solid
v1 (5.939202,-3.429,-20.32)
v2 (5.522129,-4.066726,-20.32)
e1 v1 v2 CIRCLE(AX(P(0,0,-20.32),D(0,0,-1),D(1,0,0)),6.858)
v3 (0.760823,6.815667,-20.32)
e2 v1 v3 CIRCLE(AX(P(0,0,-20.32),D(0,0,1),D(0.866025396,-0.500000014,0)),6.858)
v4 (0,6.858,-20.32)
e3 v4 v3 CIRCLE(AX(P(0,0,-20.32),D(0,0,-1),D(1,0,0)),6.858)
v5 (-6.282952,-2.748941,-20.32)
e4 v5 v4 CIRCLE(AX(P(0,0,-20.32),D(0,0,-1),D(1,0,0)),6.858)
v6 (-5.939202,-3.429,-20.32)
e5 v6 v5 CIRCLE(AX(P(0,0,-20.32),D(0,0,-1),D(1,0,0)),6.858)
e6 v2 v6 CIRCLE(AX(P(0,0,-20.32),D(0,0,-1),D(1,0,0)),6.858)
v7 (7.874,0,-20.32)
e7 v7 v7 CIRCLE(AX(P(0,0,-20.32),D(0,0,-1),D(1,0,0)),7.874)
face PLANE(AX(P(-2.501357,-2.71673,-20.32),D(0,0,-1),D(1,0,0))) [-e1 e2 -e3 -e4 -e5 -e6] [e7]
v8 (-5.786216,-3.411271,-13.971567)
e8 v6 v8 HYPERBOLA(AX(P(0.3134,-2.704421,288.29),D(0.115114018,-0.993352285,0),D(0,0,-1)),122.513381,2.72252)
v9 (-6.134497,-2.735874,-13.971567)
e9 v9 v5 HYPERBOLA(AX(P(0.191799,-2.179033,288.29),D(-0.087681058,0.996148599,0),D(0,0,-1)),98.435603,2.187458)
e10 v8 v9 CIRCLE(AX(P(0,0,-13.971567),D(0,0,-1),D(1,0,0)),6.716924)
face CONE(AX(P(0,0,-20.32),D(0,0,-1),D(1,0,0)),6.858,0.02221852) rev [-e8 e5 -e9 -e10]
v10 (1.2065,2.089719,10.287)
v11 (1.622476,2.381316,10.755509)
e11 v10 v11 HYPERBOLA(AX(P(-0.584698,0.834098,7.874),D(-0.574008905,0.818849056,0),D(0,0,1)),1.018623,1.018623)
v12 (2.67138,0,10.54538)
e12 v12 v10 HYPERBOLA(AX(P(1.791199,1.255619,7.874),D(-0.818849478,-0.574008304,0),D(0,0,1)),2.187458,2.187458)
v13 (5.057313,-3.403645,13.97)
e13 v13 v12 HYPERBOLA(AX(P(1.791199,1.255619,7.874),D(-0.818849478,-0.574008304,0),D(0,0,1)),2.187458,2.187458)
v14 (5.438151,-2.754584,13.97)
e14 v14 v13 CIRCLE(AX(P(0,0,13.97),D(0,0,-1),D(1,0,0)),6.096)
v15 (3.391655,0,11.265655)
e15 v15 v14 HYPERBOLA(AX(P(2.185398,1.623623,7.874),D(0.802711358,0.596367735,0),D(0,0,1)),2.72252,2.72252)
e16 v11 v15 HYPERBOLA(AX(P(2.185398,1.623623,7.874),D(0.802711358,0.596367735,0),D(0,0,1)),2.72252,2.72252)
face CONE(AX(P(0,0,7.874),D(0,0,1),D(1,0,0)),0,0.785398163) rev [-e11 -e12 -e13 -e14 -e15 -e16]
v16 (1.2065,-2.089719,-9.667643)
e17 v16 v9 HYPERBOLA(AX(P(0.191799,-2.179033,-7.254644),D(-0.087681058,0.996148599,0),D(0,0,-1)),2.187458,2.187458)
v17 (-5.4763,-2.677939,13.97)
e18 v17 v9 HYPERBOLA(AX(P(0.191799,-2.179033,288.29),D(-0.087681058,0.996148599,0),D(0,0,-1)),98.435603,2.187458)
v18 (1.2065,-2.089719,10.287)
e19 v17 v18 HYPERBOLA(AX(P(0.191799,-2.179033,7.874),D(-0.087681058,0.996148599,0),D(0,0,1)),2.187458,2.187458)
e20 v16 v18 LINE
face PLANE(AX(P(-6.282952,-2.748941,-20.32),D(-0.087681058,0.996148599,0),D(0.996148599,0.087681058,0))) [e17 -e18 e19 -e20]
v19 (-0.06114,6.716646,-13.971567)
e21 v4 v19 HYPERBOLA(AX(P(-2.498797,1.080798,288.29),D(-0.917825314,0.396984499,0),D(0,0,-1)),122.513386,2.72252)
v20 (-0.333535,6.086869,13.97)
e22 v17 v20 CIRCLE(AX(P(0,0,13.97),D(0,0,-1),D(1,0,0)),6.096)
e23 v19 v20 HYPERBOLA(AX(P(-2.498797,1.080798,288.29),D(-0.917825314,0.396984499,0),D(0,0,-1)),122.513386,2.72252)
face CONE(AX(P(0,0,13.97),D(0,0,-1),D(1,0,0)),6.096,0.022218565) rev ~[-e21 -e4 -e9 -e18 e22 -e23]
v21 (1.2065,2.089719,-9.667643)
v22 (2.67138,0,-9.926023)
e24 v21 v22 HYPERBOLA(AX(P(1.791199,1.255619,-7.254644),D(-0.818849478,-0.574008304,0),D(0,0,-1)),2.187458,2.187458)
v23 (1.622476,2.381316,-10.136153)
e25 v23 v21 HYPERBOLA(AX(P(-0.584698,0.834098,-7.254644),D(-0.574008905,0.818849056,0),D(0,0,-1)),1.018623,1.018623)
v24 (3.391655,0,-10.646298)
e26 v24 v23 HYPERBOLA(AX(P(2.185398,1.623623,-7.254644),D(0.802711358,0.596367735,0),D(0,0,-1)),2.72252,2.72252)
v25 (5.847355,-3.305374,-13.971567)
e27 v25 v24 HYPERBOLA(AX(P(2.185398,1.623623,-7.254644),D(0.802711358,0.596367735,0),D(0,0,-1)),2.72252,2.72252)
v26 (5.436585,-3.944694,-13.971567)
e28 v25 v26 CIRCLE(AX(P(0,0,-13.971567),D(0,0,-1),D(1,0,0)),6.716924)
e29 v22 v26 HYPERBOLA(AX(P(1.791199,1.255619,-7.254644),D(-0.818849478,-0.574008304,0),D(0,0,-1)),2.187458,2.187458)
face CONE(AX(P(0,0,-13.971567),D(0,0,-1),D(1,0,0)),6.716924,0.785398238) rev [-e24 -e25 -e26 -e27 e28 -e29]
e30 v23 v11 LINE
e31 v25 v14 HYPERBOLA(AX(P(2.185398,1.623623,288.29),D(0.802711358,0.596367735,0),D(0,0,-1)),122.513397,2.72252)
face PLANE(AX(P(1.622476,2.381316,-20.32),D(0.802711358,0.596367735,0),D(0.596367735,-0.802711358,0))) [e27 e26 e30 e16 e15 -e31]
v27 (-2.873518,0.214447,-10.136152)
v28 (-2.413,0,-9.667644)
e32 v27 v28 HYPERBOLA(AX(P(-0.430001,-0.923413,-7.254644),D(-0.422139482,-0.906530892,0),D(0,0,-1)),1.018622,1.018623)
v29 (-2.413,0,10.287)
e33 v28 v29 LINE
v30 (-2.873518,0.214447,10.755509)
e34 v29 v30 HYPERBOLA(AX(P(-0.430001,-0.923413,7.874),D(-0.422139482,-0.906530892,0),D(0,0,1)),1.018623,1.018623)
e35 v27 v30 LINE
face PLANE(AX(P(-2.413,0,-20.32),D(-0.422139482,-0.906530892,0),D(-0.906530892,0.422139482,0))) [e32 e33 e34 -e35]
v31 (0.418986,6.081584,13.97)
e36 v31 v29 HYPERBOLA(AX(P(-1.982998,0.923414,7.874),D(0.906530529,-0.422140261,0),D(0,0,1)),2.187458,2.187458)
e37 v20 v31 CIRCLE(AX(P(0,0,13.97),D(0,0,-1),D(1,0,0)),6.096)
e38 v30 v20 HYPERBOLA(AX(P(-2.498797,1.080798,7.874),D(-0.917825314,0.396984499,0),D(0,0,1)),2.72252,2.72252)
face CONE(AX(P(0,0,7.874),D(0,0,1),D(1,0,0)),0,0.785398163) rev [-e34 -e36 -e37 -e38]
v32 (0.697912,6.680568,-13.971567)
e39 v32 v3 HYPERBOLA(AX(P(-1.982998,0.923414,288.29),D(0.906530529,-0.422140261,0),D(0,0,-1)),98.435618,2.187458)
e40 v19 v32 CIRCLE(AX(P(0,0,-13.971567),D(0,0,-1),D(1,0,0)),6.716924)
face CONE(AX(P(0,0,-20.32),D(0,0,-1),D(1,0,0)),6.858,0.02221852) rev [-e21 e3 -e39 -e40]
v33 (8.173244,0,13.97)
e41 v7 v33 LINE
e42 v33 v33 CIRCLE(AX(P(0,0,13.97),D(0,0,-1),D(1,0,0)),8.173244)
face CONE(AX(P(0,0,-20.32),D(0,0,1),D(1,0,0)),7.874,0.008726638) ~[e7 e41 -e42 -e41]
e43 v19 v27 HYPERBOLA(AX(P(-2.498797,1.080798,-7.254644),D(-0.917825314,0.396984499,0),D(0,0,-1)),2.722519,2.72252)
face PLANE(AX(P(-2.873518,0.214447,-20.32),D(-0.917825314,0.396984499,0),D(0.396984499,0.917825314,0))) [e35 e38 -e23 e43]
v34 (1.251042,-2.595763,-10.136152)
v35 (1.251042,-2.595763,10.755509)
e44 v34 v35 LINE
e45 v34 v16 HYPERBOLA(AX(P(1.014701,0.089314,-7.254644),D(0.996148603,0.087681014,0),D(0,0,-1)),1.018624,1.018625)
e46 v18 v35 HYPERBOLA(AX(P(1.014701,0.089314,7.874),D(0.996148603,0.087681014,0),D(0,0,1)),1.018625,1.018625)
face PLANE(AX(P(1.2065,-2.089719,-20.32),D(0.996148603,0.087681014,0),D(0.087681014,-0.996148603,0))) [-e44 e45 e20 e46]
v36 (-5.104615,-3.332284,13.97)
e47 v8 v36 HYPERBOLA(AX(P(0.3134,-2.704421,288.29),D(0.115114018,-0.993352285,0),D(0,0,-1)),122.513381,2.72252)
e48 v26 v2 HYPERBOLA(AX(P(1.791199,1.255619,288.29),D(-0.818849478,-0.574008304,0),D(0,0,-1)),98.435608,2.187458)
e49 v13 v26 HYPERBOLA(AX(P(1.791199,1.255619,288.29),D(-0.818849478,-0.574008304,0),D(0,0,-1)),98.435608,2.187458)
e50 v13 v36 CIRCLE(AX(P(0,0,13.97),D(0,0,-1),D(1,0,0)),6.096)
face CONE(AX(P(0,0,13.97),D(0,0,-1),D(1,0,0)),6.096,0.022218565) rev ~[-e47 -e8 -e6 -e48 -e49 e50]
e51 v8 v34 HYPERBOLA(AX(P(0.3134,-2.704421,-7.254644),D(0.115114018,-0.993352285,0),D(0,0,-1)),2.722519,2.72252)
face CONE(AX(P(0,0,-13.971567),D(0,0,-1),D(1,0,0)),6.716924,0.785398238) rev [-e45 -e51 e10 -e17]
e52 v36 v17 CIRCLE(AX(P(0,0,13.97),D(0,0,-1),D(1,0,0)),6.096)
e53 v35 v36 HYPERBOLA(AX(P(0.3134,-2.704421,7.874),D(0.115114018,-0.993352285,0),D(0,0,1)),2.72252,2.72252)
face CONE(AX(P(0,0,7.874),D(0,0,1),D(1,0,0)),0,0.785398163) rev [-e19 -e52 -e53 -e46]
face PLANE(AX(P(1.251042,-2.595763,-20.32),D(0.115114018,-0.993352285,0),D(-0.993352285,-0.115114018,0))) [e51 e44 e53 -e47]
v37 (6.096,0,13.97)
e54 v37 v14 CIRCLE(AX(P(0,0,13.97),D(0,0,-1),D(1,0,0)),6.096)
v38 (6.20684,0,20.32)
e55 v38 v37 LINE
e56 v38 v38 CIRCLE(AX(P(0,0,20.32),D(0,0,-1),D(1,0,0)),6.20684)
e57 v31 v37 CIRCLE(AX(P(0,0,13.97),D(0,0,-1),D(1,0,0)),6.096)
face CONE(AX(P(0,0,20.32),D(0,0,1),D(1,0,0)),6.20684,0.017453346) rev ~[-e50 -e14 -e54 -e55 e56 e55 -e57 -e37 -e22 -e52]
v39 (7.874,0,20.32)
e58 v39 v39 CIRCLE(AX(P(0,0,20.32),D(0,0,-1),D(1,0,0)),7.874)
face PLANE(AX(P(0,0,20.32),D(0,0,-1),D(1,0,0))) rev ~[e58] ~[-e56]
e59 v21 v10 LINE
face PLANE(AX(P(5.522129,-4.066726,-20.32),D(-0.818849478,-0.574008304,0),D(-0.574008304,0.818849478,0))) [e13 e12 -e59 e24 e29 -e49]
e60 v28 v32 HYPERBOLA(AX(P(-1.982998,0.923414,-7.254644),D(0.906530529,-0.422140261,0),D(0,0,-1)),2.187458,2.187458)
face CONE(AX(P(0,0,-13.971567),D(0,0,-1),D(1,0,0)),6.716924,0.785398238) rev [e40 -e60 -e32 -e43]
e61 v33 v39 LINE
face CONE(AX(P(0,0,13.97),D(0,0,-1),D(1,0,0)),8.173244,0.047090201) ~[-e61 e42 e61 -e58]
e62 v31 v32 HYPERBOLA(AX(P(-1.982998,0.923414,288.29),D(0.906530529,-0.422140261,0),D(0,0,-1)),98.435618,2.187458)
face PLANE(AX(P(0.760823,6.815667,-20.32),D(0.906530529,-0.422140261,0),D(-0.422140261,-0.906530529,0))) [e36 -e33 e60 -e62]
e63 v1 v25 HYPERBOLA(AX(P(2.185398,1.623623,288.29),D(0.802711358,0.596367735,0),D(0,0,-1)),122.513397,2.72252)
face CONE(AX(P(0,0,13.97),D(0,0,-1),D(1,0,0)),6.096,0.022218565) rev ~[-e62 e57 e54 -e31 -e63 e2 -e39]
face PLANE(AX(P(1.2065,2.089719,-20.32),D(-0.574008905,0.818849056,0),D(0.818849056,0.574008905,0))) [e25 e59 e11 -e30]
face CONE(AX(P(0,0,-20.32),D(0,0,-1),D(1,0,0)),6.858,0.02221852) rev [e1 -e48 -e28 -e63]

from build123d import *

# Parameters (mm, degrees)
F3_DEPTH = 34.29


with BuildPart() as f1:
    # F0 (on Front) → F1 (revolve)
    with BuildSketch(Plane.XZ):
        Polygon((7.874, 20.32), (6.20684, 20.32), (6.096, 13.97), (6.858, -20.32), (7.874, -20.32), (8.173244, 13.97), align=None)
    revolve(axis=Axis((0, 0, 1.098175), (0, 0, -1)))

    # F2 (on face) → F3 (join)
    with BuildSketch(Plane(origin=(0, 0, -20.32), x_dir=(1, 0, 0), z_dir=(0, 0, -1))):
        with BuildLine():
            Line((1.251042, 2.595763), (-5.939202, 3.429))
            ThreePointArc((-5.939202, 3.429), (-6.12053, 3.093749), (-6.282952, 2.748941))
            Line((-6.282952, 2.748941), (1.2065, 2.089719))
            Line((1.2065, 2.089719), (1.251042, 2.595763))
        make_face()
        with BuildLine():
            ThreePointArc((0, -6.858), (0.381, -6.847408), (0.760823, -6.815667))
            Line((0.760823, -6.815667), (-2.413, 0))
            Line((-2.413, 0), (-2.873518, -0.214447))
            Line((-2.873518, -0.214447), (0, -6.858))
        make_face()
        with BuildLine():
            Line((1.622476, -2.381316), (5.939202, 3.429))
            ThreePointArc((5.939202, 3.429), (5.73953, 3.75366), (5.522129, 4.066726))
            Line((5.522129, 4.066726), (1.2065, -2.089719))
            Line((1.2065, -2.089719), (1.622476, -2.381316))
        make_face()
    extrude(amount=-F3_DEPTH)

    # F4 (on Front) → F5 (revolve, cut)
    with BuildSketch(Plane.XZ):
        Polygon((0, 7.874), (6.096, 13.97), (0, 13.97), align=None)
        Polygon((6.858, -20.32), (6.716924, -13.971567), (0, -7.254644), (0, -20.4724), align=None)
    revolve(axis=Axis((0, 0, 1.098175), (0, 0, -1)), mode=Mode.SUBTRACT)


solid = f1.part
